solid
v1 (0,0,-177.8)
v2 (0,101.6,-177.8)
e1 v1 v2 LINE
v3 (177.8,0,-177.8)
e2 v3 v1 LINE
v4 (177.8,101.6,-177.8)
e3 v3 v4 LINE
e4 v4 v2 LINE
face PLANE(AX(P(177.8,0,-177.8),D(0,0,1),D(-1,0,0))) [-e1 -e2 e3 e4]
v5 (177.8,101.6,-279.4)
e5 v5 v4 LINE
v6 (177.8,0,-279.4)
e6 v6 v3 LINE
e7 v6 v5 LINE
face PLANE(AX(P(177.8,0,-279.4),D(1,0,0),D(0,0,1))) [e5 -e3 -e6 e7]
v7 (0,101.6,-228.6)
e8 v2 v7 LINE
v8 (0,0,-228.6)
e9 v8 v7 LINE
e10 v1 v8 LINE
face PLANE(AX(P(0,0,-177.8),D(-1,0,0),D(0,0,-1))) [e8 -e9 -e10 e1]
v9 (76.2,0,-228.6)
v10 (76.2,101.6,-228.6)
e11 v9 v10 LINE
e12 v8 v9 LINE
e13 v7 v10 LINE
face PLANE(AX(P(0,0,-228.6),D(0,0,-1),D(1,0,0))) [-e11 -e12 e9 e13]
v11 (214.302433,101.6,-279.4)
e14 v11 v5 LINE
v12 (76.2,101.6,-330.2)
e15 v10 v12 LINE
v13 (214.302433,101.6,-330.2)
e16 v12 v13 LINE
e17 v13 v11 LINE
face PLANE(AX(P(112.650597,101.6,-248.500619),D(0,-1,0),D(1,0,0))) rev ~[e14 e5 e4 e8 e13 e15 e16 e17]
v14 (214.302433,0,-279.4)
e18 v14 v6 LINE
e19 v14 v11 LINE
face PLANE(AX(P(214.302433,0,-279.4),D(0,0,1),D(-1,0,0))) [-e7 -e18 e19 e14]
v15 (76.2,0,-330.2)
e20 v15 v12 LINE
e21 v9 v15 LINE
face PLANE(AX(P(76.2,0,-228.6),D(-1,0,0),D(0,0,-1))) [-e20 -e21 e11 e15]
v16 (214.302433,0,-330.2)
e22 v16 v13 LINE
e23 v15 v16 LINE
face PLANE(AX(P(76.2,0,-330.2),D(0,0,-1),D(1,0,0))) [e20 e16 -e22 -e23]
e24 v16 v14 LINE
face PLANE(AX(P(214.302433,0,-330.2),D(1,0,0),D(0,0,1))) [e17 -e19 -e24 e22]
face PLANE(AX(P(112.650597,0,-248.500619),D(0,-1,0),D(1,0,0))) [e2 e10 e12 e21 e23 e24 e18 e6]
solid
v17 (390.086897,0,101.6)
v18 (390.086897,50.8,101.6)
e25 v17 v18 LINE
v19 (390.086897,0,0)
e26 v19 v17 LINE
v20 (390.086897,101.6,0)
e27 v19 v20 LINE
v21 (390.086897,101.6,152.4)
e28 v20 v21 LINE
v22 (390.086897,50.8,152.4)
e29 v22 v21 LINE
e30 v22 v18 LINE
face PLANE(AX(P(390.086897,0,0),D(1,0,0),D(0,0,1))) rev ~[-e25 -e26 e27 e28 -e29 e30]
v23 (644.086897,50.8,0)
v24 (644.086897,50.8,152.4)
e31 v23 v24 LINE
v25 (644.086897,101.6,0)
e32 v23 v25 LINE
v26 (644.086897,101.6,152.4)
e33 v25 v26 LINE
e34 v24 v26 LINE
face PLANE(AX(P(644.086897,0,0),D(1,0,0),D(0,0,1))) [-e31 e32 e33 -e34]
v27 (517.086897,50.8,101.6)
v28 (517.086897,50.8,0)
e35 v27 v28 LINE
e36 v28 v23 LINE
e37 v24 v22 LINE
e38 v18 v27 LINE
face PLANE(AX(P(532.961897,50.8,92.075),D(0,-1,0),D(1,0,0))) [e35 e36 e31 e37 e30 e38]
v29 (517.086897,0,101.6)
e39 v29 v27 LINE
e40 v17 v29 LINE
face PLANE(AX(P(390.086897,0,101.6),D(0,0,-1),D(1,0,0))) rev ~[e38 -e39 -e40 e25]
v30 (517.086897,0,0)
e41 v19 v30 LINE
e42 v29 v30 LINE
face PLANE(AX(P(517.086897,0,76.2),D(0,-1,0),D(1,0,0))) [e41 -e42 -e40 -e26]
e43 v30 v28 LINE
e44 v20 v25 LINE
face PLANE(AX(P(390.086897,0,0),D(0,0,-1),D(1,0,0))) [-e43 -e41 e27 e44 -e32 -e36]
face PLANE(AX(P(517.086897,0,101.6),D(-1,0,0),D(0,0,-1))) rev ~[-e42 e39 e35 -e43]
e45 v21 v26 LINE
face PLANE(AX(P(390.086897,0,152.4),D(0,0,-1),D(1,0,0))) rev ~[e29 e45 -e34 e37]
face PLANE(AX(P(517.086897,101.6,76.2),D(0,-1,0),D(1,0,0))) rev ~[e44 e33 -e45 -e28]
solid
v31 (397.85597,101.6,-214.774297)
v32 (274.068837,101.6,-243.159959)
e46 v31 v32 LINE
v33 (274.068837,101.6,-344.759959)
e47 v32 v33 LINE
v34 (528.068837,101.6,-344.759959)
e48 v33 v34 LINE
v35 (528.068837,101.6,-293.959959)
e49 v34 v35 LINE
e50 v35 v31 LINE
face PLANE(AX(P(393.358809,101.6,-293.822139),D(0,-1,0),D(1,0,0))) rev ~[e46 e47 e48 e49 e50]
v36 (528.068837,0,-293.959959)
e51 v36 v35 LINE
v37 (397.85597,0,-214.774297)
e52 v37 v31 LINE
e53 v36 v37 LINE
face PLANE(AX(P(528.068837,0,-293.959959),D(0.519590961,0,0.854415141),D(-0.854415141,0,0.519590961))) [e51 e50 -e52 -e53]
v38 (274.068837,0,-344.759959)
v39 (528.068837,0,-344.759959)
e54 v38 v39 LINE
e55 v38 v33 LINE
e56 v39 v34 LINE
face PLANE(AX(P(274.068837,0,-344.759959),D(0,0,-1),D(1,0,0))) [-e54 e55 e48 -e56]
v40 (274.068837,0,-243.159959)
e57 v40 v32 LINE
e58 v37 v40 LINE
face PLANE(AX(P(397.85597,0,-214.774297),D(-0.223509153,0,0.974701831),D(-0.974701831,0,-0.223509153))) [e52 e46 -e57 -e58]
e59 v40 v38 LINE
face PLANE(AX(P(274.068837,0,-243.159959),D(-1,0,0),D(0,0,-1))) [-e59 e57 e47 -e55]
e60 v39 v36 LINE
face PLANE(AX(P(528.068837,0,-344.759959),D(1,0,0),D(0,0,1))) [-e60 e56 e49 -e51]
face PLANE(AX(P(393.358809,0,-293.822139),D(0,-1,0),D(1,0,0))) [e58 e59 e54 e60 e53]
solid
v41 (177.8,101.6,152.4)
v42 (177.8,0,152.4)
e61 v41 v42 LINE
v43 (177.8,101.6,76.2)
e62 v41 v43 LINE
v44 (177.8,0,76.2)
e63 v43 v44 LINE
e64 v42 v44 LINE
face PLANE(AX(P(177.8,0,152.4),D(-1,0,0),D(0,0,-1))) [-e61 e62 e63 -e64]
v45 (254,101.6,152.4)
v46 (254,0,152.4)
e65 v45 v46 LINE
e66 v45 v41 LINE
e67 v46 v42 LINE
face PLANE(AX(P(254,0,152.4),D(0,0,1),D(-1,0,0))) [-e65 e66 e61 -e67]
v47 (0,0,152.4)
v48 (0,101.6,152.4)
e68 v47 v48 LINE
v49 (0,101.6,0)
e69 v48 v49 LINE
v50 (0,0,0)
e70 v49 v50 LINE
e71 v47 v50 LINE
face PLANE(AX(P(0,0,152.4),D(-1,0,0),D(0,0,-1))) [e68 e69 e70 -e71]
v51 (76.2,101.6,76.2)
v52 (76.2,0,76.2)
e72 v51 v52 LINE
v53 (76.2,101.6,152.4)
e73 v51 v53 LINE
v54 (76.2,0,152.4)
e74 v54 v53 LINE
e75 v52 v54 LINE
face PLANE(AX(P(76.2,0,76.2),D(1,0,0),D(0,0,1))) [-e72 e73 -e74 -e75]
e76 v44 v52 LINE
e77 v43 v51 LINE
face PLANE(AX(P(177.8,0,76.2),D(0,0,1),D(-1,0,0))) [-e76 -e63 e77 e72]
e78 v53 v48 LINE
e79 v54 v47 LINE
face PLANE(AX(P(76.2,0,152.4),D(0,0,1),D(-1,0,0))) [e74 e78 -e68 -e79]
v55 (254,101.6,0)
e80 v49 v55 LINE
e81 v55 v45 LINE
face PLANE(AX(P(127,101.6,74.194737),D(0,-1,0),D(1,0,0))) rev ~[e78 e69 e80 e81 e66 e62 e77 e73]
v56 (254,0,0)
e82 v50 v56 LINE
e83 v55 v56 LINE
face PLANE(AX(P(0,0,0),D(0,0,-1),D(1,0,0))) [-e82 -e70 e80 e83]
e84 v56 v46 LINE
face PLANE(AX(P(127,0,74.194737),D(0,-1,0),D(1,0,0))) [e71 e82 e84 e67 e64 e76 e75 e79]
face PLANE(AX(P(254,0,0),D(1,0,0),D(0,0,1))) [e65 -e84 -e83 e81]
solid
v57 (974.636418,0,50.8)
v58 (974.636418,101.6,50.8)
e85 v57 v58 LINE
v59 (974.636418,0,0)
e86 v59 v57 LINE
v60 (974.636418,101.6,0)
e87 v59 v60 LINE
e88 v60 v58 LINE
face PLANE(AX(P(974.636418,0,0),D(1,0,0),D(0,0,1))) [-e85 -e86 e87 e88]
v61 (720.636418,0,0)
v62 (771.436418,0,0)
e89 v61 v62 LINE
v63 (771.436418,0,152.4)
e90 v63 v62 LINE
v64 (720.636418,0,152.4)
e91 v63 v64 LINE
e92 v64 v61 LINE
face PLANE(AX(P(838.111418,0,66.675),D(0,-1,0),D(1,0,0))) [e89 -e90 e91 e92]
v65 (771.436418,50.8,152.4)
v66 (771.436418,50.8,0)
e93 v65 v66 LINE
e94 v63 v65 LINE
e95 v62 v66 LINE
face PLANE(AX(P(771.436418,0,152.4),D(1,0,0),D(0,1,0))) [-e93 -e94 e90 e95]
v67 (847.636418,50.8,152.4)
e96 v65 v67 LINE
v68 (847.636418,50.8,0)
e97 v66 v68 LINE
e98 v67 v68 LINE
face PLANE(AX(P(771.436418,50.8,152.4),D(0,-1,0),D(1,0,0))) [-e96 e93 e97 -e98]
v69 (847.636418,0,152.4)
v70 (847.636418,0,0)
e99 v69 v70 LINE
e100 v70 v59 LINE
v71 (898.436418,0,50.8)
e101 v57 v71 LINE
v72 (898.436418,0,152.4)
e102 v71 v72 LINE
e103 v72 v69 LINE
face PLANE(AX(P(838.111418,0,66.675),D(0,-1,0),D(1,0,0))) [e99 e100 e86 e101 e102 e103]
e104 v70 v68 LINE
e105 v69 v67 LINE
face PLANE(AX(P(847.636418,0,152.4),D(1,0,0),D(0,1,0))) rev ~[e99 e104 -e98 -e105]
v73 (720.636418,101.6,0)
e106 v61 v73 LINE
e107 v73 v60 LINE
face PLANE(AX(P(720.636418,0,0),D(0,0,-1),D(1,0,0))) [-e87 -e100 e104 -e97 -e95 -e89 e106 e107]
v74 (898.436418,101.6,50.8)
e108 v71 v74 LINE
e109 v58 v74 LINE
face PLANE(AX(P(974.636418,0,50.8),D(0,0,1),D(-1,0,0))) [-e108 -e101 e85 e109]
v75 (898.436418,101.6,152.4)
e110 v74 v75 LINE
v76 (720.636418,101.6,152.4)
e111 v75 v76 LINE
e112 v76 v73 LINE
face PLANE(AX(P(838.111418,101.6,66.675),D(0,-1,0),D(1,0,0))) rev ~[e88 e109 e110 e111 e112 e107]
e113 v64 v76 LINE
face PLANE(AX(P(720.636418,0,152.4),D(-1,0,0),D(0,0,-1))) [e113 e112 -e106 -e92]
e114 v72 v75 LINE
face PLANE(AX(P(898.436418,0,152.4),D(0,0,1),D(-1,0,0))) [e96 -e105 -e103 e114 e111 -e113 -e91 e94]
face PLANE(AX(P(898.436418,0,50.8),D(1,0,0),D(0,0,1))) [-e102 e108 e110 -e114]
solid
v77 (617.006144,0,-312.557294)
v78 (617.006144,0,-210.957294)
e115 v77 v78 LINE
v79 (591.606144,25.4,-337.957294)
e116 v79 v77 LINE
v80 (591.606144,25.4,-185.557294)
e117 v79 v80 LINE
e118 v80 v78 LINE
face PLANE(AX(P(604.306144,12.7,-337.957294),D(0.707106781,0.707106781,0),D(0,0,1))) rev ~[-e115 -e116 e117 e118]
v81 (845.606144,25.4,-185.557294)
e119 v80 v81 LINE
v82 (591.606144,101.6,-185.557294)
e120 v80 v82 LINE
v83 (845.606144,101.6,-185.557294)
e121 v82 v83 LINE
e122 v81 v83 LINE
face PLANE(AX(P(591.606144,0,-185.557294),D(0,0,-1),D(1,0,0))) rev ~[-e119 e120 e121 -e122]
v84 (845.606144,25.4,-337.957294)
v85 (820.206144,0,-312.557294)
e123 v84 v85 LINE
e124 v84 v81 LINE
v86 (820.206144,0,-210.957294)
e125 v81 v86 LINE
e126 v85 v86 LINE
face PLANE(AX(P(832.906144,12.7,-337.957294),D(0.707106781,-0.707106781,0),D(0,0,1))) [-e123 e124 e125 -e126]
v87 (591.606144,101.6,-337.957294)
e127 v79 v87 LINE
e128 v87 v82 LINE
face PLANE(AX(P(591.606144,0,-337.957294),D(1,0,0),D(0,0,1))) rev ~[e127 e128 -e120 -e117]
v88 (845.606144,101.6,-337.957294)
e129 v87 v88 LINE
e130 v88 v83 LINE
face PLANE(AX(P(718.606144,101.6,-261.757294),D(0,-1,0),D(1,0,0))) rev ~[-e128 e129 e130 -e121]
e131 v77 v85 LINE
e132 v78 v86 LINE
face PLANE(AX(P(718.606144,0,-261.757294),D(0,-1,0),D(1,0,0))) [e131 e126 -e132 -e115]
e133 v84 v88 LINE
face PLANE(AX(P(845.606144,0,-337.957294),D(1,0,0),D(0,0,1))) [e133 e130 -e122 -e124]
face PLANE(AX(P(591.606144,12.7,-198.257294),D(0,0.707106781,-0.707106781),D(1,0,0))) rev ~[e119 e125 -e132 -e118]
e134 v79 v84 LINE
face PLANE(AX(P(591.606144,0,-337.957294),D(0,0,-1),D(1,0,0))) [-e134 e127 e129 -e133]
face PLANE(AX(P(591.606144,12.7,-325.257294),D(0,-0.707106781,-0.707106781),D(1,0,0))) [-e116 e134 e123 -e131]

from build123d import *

# Parameters (mm, degrees)
F1_DEPTH  = 101.6
F2_W      = 254
F2_H      = 152.4
F3_DEPTH  = 101.6
F5_DEPTH  = 50.8
F7_DEPTH  = 101.6
F8_W      = 76.2
F8_H      = 50.8
F9_DEPTH  = 152.4
F11_DEPTH = 101.6
F13_DEPTH = 101.6
F14_W     = 254
F14_H     = 152.4
F15_DEPTH = 101.6
F16_SIZE  = 25.4
F17_DEPTH = 25.4
F18_DEPTH = 74.676


with BuildPart() as f1:
    # F0 (on Front) → F1 (new body)
    with BuildSketch(Plane.XZ):
        Polygon((0, 152.4), (0, 0), (254, 0), (254, 152.4), (177.8, 152.4), (177.8, 76.2), (76.2, 76.2), (76.2, 152.4), align=None)
    extrude(amount=-F1_DEPTH)



with BuildPart() as f3:
    # F2 (on Front) → F3 (new body)
    with BuildSketch(Plane.XZ):
        with Locations((517.0868965597, 76.2)):
            Rectangle(F2_W, F2_H)
    extrude(amount=-F3_DEPTH)

    # F4 (on face) → F5 (cut)
    with BuildSketch(Plane.XZ):
        Polygon((644.0868965597, 152.4), (390.0868965597, 152.4), (390.0868965597, 101.6), (517.0868965597, 101.6), (517.0868965597, 0), (644.0868965597, 0), align=None)
    extrude(amount=-F5_DEPTH, mode=Mode.SUBTRACT)


with BuildPart() as f7:
    # F6 (on Front) → F7 (new body)
    with BuildSketch(Plane.XZ):
        Polygon((720.6364183982, 152.4), (720.6364183982, 0), (974.6364183982, 0), (974.6364183982, 50.8), (898.4364183982, 50.8), (898.4364183982, 152.4), align=None)
    extrude(amount=-F7_DEPTH)

    # F8 (on face) → F9 (cut)
    with BuildSketch(Plane.XY.offset(152.4)):
        with Locations((809.5364183982, 25.4)):
            Rectangle(F8_W, F8_H)
    extrude(amount=-F9_DEPTH, mode=Mode.SUBTRACT)


with BuildPart() as f11:
    # F10 (on Front) → F11 (new body)
    with BuildSketch(Plane.XZ):
        Polygon((177.8, -177.8), (0, -177.8), (0, -228.6), (76.2, -228.6), (76.2, -330.2), (214.3024325587, -330.2), (214.3024325587, -279.4), (177.8, -279.4), align=None)
    extrude(amount=-F11_DEPTH)


with BuildPart() as f13:
    # F12 (on Front) → F13 (new body)
    with BuildSketch(Plane.XZ):
        Polygon((274.0688374149, -243.1599593614), (274.0688374149, -344.7599593614), (528.0688374149, -344.7599593614), (528.0688374149, -293.9599593614), (397.8559698996, -214.774296938), align=None)
    extrude(amount=-F13_DEPTH)


with BuildPart() as f15:
    # F14 (on Front) → F15 (new body)
    with BuildSketch(Plane.XZ):
        with Locations((718.6061441898, -261.7572938768)):
            Rectangle(F14_W, F14_H)
    extrude(amount=-F15_DEPTH)

    # F16
    f16_edges = [f15.edges().sort_by_distance(p)[0] for p in [
        (591.606144, 0, -261.757294),
        (718.606144, 0, -337.957294),
        (845.606144, 0, -261.757294),
        (718.606144, 0, -185.557294),
    ]]
    chamfer(f16_edges, length=F16_SIZE)


with BuildPart() as f17:
    # F0 (on Front) → F17 (new body)
    with BuildSketch(Plane.XZ):
        Polygon((0, 152.4), (0, 0), (254, 0), (254, 152.4), (177.8, 152.4), (177.8, 76.2), (76.2, 76.2), (76.2, 152.4), align=None)
    extrude(amount=-F17_DEPTH)


with BuildPart() as f1_1:
    add(f1.part)

    add(f17.part)  # F18 merges F17
    # F0 (on Front) → F18 (join)
    with BuildSketch(Plane.XZ):
        Polygon((0, 152.4), (0, 0), (254, 0), (254, 152.4), (177.8, 152.4), (177.8, 76.2), (76.2, 76.2), (76.2, 152.4), align=None)
    extrude(amount=-F18_DEPTH)


solid = Compound([f3.part, f7.part, f11.part, f13.part, f15.part, f1_1.part])
